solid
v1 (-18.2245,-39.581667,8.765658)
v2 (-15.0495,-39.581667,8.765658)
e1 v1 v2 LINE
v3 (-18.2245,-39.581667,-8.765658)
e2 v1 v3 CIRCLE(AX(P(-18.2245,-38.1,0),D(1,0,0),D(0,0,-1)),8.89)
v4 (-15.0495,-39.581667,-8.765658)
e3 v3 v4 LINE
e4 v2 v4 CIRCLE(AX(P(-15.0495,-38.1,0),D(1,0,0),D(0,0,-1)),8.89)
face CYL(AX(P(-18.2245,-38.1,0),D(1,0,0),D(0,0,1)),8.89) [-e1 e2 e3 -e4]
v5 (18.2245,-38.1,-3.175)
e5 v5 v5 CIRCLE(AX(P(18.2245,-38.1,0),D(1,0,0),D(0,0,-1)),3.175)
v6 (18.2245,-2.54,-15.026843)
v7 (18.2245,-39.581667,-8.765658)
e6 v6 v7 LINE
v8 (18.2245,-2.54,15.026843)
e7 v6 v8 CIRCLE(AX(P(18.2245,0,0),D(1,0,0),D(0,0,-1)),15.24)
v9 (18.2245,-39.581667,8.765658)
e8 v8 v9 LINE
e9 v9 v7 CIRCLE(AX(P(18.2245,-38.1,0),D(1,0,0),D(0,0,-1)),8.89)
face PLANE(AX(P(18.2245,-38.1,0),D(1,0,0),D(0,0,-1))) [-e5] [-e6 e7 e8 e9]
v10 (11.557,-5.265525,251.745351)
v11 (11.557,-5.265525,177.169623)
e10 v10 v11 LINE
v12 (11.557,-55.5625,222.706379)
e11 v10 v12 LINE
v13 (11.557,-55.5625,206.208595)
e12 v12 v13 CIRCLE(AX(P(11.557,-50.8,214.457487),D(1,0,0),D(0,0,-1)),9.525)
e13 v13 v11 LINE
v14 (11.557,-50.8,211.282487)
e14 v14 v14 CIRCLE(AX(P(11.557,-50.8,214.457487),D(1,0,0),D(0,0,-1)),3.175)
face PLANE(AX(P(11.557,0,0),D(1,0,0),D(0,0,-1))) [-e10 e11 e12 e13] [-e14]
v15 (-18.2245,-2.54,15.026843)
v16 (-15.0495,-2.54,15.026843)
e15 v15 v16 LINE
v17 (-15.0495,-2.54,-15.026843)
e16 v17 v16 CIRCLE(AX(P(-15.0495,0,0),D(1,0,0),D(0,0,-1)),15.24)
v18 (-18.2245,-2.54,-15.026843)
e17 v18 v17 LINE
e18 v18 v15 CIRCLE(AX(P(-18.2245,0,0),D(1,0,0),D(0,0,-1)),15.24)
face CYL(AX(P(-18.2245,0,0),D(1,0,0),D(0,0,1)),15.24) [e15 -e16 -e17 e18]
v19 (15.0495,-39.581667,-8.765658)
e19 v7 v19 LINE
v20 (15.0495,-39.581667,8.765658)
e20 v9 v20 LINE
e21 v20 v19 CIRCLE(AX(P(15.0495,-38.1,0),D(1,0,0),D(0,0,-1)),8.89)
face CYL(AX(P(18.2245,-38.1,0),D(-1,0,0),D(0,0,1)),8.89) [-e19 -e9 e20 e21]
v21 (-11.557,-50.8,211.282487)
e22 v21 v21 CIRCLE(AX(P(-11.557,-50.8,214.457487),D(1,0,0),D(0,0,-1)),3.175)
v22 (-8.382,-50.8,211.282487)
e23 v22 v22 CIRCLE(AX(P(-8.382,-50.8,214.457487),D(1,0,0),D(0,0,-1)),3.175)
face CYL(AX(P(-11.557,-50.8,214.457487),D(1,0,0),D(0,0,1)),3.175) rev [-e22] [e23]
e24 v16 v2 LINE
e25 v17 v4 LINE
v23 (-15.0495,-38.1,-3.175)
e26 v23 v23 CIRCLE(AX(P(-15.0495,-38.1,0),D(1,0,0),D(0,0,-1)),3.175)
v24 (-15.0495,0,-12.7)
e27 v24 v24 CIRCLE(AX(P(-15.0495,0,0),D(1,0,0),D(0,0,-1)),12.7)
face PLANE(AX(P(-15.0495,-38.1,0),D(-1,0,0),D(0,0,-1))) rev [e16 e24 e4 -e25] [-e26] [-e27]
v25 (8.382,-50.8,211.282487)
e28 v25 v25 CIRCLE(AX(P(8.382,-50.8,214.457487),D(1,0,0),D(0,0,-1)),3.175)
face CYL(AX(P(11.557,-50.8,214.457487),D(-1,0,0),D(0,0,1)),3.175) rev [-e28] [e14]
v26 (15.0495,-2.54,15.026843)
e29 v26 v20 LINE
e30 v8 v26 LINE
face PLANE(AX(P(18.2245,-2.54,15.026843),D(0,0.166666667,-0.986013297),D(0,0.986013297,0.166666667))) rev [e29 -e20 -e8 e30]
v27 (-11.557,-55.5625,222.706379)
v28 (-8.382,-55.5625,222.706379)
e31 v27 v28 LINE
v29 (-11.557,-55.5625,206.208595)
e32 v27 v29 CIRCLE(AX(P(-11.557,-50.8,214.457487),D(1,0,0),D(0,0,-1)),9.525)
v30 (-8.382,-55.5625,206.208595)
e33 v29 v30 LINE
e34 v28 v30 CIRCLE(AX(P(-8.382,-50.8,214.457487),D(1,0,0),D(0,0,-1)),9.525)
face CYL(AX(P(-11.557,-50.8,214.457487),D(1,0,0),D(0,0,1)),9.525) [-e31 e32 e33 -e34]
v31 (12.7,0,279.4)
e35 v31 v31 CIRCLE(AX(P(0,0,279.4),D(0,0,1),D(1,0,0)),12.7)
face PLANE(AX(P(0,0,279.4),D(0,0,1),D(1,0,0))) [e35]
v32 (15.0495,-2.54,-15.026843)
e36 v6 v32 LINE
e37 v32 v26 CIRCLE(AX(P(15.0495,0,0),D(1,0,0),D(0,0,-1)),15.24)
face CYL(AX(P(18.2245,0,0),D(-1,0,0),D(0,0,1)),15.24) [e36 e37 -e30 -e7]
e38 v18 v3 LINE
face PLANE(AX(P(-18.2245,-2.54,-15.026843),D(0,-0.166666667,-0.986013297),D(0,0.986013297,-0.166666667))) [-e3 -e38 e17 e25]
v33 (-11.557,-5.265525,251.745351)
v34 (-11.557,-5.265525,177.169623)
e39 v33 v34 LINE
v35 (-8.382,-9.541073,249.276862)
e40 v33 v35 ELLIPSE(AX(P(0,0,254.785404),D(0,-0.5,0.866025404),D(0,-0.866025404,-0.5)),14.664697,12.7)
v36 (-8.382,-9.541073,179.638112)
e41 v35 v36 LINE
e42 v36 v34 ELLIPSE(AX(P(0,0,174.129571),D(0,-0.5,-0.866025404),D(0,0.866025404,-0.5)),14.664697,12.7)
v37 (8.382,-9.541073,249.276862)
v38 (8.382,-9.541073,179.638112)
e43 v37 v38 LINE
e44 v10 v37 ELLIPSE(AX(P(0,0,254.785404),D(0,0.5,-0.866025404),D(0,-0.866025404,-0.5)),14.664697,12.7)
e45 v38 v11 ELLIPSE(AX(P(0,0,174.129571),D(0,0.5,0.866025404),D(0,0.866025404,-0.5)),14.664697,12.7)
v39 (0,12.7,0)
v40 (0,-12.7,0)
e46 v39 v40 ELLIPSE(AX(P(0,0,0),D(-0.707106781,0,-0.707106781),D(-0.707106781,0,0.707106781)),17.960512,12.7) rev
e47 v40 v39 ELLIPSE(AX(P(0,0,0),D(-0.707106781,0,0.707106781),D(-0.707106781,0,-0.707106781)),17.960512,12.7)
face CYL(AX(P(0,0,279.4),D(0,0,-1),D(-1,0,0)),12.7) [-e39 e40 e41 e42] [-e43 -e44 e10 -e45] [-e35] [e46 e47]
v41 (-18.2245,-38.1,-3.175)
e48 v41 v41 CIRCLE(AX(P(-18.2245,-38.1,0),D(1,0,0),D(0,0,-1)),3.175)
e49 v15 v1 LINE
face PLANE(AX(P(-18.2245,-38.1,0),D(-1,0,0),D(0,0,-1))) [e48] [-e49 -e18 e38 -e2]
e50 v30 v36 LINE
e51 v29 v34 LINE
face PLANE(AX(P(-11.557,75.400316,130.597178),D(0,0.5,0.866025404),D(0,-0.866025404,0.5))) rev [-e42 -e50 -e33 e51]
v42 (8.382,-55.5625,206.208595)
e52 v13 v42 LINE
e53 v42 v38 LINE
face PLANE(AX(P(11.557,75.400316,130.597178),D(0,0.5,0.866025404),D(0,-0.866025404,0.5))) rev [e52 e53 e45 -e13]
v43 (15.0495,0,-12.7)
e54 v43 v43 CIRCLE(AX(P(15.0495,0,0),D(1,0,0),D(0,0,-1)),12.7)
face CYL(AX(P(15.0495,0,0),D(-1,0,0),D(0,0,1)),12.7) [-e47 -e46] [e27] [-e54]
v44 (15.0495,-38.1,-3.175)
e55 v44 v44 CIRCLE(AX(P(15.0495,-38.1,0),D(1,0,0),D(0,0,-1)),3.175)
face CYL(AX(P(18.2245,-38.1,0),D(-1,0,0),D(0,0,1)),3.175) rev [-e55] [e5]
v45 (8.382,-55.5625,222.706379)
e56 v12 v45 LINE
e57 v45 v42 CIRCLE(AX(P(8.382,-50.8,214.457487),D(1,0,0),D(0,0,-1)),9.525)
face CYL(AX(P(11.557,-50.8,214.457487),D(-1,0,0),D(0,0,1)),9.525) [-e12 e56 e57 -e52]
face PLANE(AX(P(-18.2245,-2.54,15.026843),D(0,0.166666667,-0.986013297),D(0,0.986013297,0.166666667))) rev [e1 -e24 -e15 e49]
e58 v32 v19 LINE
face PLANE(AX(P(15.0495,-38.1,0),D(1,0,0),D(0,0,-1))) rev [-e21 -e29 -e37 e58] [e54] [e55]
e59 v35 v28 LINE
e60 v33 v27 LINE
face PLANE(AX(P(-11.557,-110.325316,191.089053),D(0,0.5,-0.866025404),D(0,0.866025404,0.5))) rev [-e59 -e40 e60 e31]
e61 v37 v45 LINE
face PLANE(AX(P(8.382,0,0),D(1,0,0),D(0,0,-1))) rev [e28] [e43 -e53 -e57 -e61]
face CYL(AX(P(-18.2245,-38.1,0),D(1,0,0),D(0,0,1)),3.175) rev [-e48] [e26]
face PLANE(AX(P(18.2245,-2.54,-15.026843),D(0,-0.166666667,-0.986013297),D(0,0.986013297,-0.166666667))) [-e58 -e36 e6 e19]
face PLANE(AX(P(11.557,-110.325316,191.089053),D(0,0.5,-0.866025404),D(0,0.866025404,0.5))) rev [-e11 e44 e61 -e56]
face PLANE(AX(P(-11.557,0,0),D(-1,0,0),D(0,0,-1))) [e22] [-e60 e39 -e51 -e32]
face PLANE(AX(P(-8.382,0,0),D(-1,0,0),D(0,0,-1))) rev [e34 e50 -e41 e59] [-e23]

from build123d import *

# Parameters (mm, degrees)
SKETCH1_R           = 12.7
BOSS_EXTRUDE1_DEPTH = 15.0495
BOSS_EXTRUDE2_START = 18.2245
SKETCH1_6_R         = 12.7
SKETCH1_6_R_2       = 3.175
BOSS_EXTRUDE2_DEPTH = 3.175
BOSS_EXTRUDE3_START = 8.382
SKETCH1_8_R         = 3.175
BOSS_EXTRUDE3_DEPTH = 3.175
SKETCH2_R           = 12.7
BOSS_EXTRUDE4_DEPTH = 279.4


with BuildPart() as part:
    # Sketch1 → Boss-Extrude1 (new, symmetric)
    with BuildSketch(Plane.YZ):
        with Locations(Location((0, 0, 0), (0, 0, 90))):
            Circle(SKETCH1_R)
    extrude(amount=BOSS_EXTRUDE1_DEPTH, both=True)

    # Sketch1<6> → Boss-Extrude2 (add)
    # profile 1 of 2: a face of its own
    with BuildSketch(Plane.YZ.offset(BOSS_EXTRUDE2_START)):
        with BuildLine():
            Line((-39.581666667, 8.765658212), (-2.54, 15.026842649))
            ThreePointArc((-2.54, 15.026842649), (15.24, 0), (-2.54, -15.026842649))
            Line((-2.54, -15.026842649), (-39.581666667, -8.765658212))
            ThreePointArc((-39.581666667, -8.765658212), (-46.99, 0), (-39.581666667, 8.765658212))
        make_face()
        with Locations(Location((0, 0, 0), (0, 0, 90))):
            Circle(SKETCH1_6_R, mode=Mode.SUBTRACT)
        with Locations(Location((-38.1, 0, 0), (0, 0, 270))):
            Circle(SKETCH1_6_R_2, mode=Mode.SUBTRACT)
    # profile 2 of 2: a face of its own
    with BuildSketch(Plane.YZ.offset(BOSS_EXTRUDE2_START)):
        with Locations(Location((0, 0, 0), (0, 0, 90))):
            Circle(SKETCH1_6_R)
    extrude(amount=-BOSS_EXTRUDE2_DEPTH)



with BuildPart() as body_2:
    # Sketch1<8> → Boss-Extrude3 (new body)
    with BuildSketch(Plane.YZ.offset(BOSS_EXTRUDE3_START)):
        with BuildLine():
            Line((-55.5625, 206.208595243), (0, 174.129570911))
            Line((0, 174.129570911), (0, 254.785403517))
            Line((0, 254.785403517), (-55.5625, 222.706379185))
            ThreePointArc((-55.5625, 222.706379185), (-60.325, 214.457487214), (-55.5625, 206.208595243))
        make_face()
        with Locations(Location((-50.8, 214.457487214, 0), (0, 0, 270))):
            Circle(SKETCH1_8_R, mode=Mode.SUBTRACT)
    extrude(amount=BOSS_EXTRUDE3_DEPTH)


with BuildPart() as part_1:
    add(part.part)

    add(body_2.part)  # Boss-Extrude4 merges body 2
    # Sketch2 → Boss-Extrude4 (add)
    with BuildSketch(Plane(origin=(0, 0, 0), x_dir=(-1, 0, 0), z_dir=(0, 0, 1))):
        with Locations(Location((0, 0, 0), (0, 0, 270))):
            Circle(SKETCH2_R)
    extrude(amount=BOSS_EXTRUDE4_DEPTH)

    # Mirror1: part across plane


with BuildPart() as part_2:
    add(part_1.part)
    add(part_1.part.mirror(Plane(origin=(0, 0, 0), x_dir=(0, 0, 1), z_dir=(1, 0, 0))))


solid = part_2.part
